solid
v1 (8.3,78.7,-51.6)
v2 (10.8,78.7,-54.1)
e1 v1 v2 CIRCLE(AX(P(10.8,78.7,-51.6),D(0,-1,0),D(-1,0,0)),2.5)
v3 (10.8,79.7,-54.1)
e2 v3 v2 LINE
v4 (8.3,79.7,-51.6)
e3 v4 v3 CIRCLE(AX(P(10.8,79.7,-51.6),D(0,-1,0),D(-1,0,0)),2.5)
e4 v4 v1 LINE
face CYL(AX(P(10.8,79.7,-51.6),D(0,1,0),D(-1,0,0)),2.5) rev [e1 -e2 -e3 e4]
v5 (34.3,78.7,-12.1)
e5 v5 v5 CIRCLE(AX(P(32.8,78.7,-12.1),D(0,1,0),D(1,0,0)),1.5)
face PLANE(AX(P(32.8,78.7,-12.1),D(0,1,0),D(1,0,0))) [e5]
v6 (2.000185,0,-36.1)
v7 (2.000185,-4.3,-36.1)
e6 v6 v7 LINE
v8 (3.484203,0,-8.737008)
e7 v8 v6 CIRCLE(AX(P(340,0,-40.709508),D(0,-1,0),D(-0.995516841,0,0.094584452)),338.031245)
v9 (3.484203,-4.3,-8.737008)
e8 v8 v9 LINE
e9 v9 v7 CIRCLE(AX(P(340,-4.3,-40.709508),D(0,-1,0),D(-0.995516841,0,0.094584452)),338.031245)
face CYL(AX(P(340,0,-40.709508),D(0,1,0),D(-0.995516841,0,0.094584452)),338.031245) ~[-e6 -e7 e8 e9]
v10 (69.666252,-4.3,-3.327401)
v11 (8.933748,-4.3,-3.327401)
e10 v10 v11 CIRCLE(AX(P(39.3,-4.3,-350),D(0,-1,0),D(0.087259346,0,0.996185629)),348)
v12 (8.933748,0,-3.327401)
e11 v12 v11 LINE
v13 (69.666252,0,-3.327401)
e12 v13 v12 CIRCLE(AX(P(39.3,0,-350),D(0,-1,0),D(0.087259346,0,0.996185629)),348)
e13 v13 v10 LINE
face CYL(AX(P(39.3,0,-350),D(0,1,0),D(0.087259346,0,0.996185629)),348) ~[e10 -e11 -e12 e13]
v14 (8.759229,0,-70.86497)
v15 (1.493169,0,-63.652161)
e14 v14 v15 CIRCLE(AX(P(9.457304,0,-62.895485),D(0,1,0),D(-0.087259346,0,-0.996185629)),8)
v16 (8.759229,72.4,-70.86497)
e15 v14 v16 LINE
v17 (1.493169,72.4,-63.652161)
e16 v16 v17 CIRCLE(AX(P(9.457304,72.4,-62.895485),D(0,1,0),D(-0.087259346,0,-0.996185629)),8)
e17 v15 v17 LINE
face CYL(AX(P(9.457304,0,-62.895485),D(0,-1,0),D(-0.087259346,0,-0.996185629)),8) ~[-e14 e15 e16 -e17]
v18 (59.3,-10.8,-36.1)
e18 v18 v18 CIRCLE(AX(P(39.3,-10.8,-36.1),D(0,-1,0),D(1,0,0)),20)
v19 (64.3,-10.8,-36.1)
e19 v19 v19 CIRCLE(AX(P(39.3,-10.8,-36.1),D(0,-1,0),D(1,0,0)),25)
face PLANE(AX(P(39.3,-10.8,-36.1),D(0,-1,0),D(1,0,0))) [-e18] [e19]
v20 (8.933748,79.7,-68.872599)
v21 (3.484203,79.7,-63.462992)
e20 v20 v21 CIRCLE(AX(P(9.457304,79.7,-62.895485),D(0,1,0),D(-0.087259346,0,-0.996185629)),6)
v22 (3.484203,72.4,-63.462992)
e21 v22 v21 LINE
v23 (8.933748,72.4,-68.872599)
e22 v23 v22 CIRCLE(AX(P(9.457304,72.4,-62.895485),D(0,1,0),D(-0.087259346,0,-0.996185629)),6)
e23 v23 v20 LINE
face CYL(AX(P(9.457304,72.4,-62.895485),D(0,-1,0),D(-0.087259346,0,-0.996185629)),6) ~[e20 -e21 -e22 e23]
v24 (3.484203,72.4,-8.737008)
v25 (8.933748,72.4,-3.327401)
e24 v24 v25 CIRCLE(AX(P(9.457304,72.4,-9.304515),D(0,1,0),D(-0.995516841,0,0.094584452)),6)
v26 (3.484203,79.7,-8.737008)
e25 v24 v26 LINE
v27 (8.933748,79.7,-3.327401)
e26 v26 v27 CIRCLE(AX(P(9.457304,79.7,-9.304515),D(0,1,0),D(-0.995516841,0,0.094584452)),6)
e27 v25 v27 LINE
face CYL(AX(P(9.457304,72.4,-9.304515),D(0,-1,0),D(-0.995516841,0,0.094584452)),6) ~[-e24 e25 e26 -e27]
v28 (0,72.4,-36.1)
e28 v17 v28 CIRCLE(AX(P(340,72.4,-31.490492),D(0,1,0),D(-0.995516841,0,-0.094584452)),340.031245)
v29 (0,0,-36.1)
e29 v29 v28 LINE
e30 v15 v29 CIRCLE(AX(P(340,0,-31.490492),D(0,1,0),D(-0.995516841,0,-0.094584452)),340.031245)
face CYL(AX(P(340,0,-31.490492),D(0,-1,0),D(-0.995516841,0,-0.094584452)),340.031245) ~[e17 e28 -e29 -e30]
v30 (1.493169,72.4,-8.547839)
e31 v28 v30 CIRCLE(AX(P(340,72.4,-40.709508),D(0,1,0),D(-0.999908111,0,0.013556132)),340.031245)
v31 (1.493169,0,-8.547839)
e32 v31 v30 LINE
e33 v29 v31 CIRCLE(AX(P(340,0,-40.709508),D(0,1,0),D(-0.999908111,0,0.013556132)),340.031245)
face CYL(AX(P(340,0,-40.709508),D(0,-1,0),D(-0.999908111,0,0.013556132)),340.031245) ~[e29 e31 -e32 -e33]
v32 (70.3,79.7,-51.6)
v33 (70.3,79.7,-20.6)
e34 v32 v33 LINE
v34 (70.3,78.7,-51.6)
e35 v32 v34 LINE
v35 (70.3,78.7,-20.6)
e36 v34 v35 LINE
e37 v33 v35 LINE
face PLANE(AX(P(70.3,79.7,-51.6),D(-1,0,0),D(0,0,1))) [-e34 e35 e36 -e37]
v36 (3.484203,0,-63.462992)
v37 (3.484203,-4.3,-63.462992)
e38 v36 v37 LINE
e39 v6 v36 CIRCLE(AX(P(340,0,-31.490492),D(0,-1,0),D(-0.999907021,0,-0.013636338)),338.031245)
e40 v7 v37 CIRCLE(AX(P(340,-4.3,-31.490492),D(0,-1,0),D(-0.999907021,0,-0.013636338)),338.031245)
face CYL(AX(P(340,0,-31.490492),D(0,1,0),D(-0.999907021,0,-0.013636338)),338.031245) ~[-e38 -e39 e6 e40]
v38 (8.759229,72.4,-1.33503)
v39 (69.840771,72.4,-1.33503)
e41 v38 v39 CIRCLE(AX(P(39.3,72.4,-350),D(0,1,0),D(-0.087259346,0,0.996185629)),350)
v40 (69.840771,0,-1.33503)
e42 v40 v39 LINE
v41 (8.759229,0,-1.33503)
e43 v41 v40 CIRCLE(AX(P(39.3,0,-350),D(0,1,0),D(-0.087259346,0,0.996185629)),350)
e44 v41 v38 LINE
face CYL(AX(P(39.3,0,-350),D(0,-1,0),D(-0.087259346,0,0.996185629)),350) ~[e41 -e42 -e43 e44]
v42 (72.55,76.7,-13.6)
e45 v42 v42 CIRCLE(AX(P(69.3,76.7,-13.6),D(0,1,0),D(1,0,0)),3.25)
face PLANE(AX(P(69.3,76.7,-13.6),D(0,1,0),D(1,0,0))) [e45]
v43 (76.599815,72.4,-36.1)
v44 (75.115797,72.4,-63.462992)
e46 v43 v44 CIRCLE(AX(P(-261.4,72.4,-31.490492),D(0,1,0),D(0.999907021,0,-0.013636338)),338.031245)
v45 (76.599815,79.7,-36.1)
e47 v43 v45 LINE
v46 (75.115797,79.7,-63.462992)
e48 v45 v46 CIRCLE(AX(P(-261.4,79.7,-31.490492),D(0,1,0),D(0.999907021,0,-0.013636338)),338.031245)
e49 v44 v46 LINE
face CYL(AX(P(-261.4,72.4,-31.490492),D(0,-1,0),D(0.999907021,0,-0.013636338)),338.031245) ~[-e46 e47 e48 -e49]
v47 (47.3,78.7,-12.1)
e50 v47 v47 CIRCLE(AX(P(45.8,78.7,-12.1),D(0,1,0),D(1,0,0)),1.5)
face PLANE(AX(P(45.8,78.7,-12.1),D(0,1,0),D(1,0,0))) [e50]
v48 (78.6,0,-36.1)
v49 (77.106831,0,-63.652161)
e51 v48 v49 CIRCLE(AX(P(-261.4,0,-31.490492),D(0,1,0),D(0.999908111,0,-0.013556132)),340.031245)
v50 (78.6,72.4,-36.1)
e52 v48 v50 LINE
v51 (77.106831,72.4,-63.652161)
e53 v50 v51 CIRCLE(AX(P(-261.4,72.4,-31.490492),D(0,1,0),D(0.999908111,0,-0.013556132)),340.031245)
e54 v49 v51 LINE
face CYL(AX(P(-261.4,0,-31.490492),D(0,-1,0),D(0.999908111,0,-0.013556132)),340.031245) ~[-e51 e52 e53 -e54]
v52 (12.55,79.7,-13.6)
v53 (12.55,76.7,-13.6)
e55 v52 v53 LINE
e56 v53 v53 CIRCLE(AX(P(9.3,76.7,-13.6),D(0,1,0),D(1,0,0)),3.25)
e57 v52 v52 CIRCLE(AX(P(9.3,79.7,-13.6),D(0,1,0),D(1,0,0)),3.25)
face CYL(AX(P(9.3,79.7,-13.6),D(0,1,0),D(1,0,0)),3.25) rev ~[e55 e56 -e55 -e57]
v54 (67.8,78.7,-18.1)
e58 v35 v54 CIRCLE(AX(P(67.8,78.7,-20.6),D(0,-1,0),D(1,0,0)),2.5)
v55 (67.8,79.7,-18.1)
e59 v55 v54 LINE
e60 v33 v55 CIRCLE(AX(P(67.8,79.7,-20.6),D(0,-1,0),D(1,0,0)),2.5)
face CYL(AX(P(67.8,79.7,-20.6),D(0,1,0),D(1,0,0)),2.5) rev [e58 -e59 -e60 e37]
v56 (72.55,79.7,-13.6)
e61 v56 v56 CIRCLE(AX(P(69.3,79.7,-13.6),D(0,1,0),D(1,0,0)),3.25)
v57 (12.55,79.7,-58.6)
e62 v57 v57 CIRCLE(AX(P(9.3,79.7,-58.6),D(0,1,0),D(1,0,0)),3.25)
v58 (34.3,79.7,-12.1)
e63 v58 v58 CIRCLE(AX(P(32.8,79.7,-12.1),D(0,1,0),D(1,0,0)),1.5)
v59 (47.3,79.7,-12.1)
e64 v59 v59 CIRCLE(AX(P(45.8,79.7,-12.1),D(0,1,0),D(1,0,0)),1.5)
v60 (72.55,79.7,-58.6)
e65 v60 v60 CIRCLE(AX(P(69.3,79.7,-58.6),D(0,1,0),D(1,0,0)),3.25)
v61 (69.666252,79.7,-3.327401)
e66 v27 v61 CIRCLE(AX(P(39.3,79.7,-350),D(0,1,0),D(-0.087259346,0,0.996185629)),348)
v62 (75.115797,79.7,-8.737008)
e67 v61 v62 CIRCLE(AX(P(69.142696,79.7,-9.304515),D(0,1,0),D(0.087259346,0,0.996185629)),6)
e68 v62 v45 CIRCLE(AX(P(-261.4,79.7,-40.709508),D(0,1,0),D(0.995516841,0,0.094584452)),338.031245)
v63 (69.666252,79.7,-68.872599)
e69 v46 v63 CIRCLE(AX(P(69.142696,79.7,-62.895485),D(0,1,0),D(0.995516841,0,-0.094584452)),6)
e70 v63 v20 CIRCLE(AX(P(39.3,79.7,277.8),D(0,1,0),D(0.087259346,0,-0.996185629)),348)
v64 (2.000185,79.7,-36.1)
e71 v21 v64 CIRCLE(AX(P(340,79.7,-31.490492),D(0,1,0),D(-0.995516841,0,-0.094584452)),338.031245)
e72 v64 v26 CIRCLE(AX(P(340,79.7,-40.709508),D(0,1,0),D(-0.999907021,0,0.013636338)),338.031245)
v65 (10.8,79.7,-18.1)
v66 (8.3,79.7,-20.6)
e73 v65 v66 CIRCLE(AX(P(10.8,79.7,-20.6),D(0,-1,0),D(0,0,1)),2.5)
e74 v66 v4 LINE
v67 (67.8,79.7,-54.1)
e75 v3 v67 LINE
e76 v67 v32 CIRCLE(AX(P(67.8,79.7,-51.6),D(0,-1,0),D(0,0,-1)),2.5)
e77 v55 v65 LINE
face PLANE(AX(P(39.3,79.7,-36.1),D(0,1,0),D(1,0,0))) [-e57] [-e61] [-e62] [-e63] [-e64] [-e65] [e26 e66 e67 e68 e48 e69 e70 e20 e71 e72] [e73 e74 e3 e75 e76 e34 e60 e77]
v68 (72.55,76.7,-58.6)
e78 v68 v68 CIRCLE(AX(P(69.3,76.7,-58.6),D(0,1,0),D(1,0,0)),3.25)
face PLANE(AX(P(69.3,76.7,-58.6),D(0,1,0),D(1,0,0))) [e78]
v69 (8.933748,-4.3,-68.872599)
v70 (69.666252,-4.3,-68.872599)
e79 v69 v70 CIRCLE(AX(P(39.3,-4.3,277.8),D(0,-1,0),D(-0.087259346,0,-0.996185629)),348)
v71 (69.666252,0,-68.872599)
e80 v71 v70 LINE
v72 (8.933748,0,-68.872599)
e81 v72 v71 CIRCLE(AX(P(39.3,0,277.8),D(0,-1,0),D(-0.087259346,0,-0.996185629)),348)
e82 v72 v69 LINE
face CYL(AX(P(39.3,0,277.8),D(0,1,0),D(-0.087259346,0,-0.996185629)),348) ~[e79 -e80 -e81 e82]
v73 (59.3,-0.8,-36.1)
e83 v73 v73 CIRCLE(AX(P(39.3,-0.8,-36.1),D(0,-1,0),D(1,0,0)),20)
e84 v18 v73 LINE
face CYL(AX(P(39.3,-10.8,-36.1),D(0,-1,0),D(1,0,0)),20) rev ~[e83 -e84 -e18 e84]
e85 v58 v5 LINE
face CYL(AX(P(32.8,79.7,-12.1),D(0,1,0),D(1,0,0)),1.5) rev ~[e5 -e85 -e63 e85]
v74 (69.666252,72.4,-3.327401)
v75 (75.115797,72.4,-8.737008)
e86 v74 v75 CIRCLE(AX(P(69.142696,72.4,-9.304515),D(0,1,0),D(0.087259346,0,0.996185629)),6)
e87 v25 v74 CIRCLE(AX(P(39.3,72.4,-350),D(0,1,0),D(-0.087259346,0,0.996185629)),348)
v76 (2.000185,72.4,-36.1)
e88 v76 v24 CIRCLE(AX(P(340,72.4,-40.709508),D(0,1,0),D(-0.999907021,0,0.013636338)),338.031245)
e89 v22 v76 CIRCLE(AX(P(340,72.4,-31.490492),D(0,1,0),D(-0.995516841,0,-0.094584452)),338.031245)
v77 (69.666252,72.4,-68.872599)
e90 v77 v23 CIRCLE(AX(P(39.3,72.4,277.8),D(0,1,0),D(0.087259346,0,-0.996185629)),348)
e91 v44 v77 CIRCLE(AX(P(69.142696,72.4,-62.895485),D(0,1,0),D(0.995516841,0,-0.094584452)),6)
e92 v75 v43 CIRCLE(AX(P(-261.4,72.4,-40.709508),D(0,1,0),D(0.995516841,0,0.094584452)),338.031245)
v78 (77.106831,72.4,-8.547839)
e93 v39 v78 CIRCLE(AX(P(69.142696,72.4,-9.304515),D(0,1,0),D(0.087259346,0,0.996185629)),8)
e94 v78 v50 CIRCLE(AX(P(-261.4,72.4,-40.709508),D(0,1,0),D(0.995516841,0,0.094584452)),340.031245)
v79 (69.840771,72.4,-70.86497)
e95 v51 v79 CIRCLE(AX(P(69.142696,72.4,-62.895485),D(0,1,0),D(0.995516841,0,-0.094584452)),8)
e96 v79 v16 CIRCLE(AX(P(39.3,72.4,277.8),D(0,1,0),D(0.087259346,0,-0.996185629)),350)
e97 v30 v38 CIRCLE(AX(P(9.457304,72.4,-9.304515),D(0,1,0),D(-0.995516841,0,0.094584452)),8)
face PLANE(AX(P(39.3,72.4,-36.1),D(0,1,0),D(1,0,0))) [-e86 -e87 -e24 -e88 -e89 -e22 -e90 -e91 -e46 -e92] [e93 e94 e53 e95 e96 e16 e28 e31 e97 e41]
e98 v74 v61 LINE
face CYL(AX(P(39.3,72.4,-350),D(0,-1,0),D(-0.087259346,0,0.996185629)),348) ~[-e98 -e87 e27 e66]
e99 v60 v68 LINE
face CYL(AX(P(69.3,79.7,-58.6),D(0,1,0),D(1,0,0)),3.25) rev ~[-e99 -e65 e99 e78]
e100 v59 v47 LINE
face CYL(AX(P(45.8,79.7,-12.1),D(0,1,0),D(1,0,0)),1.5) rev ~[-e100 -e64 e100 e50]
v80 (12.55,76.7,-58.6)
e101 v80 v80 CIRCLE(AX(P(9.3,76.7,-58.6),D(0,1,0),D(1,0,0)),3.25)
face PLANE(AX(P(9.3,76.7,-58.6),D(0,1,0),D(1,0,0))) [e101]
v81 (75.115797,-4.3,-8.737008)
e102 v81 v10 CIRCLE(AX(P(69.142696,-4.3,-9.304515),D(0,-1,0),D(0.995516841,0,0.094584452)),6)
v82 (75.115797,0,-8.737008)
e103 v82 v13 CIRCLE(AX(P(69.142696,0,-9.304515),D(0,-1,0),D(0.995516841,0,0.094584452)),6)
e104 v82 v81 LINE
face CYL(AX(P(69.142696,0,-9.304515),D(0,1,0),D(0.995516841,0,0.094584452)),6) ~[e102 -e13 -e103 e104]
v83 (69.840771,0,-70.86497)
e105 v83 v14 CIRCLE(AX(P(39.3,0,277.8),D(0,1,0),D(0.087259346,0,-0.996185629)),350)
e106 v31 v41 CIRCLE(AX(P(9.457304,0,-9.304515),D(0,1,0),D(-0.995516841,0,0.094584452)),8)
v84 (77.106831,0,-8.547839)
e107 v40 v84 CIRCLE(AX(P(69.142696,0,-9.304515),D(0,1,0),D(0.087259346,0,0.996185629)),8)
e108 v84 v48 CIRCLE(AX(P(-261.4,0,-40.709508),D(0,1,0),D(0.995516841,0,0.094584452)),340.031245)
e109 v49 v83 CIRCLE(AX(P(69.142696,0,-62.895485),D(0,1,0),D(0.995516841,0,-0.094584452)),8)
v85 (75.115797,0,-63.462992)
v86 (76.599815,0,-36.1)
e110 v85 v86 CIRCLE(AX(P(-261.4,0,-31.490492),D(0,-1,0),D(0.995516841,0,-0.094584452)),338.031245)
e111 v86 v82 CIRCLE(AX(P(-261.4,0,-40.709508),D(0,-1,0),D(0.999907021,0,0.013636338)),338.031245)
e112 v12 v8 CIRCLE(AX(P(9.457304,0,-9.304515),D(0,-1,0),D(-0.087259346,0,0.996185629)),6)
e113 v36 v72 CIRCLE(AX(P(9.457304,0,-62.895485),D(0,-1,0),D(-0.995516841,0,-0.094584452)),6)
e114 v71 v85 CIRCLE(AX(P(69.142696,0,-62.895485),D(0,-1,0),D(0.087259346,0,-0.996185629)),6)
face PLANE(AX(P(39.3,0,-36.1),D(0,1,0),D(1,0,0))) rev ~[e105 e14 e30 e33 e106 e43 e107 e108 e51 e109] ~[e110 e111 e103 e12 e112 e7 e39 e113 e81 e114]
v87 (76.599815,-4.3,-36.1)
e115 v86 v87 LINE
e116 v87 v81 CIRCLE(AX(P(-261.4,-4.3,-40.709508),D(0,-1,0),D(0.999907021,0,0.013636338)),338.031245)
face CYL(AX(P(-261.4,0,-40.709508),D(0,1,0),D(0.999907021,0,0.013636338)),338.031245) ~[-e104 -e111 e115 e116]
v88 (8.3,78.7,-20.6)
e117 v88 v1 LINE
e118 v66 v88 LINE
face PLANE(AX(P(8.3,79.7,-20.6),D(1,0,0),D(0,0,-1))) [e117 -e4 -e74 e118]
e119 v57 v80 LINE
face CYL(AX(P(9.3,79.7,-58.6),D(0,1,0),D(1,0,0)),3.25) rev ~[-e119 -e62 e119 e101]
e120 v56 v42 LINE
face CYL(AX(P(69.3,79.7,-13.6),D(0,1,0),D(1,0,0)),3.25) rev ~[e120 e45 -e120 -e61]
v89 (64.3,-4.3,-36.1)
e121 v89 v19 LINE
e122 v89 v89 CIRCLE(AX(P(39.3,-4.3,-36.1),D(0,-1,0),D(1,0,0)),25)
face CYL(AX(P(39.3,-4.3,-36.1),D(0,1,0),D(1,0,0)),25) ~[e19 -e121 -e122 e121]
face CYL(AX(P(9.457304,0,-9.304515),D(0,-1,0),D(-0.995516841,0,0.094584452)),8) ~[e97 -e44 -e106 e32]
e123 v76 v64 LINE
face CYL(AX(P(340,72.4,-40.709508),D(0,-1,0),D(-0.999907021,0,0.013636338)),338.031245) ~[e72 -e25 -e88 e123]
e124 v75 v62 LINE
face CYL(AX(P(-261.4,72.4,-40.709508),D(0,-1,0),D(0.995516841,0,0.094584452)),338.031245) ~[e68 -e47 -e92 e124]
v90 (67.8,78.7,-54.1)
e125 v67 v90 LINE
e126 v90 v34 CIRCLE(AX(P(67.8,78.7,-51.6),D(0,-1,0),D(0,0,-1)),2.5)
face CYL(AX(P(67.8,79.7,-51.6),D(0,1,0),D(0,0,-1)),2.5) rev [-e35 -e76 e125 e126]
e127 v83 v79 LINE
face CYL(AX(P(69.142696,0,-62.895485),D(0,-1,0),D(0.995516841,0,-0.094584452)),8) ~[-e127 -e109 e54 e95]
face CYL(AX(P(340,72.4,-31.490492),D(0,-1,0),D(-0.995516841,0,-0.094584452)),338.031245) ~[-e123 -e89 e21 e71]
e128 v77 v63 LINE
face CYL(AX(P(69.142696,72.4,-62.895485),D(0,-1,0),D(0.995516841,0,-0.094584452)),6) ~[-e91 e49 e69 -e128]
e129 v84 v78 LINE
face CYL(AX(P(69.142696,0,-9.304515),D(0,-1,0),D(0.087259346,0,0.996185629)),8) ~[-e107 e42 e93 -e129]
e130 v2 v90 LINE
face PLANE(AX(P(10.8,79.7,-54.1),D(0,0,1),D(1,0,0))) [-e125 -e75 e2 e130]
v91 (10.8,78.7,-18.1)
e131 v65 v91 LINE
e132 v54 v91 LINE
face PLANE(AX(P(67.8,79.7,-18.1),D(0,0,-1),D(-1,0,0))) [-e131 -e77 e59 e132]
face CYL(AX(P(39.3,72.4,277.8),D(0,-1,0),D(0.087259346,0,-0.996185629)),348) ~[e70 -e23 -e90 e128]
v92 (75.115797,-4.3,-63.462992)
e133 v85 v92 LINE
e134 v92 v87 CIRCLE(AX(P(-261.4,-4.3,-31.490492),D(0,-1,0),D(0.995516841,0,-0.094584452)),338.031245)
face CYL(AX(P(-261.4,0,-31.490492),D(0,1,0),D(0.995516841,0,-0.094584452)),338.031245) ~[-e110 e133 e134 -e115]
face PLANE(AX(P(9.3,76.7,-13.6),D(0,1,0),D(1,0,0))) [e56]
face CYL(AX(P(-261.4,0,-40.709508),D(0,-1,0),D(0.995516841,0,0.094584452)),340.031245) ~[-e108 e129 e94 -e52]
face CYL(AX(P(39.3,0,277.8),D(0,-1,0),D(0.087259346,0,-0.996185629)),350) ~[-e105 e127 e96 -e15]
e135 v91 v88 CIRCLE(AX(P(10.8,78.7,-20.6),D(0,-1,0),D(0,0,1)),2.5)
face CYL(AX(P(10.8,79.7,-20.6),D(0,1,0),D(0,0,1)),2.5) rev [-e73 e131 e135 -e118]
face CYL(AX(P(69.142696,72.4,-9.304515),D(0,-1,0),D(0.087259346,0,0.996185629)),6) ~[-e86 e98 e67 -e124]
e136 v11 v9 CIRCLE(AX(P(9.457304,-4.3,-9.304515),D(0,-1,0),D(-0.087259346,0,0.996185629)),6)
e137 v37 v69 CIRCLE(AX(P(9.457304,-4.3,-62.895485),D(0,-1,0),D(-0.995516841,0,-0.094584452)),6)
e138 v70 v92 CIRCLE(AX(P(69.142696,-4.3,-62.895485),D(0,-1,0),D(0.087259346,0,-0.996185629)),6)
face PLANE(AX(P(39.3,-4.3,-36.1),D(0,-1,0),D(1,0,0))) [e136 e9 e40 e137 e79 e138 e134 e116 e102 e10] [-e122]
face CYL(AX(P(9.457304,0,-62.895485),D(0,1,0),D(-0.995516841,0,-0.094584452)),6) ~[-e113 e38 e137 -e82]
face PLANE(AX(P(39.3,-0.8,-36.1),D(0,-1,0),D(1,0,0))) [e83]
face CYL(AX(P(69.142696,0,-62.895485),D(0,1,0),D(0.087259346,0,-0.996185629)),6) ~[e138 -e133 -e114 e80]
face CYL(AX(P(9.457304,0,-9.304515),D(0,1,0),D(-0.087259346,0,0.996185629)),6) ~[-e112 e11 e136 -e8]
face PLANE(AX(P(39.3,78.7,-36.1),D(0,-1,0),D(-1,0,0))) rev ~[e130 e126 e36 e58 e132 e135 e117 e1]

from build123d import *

# Parameters (mm, degrees)
BOSS_EXTRUDE1_DEPTH = 72.4
BOSS_EXTRUDE2_DEPTH = 7.3
BOSS_EXTRUDE3_DEPTH = 4.3
SKETCH4_R           = 25
BOSS_EXTRUDE4_DEPTH = 6.5
SKETCH5_R           = 3.25
CUT_EXTRUDE1_DEPTH  = 3
CUT_EXTRUDE2_DEPTH  = 1
SKETCH7_R           = 1.5
CUT_EXTRUDE3_DEPTH  = 1
SKETCH8_R           = 20
CUT_EXTRUDE4_DEPTH  = 10


with BuildPart() as part:
    # Sketch1 → Boss-Extrude1 (new body)
    with BuildSketch(Plane(origin=(0, 0, 0), x_dir=(1, 0, 0), z_dir=(0, 1, 0))):
        with BuildLine():
            ThreePointArc((69.840771002, 70.864970002), (39.3, 72.2), (8.759228998, 70.864970002))
            ThreePointArc((8.759228998, 70.864970002), (3.821292476, 68.573105669), (1.493169033, 63.652160592))
            ThreePointArc((1.493169033, 63.652160592), (0.466996736, 49.89123235), (0, 36.1))
            ThreePointArc((0, 36.1), (0.466996736, 22.30876765), (1.493169033, 8.547839408))
            ThreePointArc((1.493169033, 8.547839408), (3.821292476, 3.626894331), (8.759228998, 1.335029998))
            ThreePointArc((8.759228998, 1.335029998), (39.3, 0), (69.840771002, 1.335029998))
            ThreePointArc((69.840771002, 1.335029998), (74.778707524, 3.626894331), (77.106830967, 8.547839408))
            ThreePointArc((77.106830967, 8.547839408), (78.133003264, 22.30876765), (78.6, 36.1))
            ThreePointArc((78.6, 36.1), (78.133003264, 49.89123235), (77.106830967, 63.652160592))
            ThreePointArc((77.106830967, 63.652160592), (74.778707524, 68.573105669), (69.840771002, 70.864970002))
        make_face()
    extrude(amount=BOSS_EXTRUDE1_DEPTH)

    # Sketch2 → Boss-Extrude2 (add)
    with BuildSketch(Plane(origin=(0, 72.4, 0), x_dir=(1, 0, 0), z_dir=(0, 1, 0))):
        with BuildLine():
            ThreePointArc((69.66625231, 68.872598745), (39.3, 70.2), (8.93374769, 68.872598745))
            ThreePointArc((8.93374769, 68.872598745), (5.230295298, 67.153700495), (3.484202716, 63.462991687))
            ThreePointArc((3.484202716, 63.462991687), (2.464800099, 49.796540149), (2.000184882, 36.1))
            ThreePointArc((2.000184882, 36.1), (2.464800099, 22.403459851), (3.484202716, 8.737008313))
            ThreePointArc((3.484202716, 8.737008313), (5.230295298, 5.046299505), (8.93374769, 3.327401255))
            ThreePointArc((8.93374769, 3.327401255), (39.3, 2), (69.66625231, 3.327401255))
            ThreePointArc((69.66625231, 3.327401255), (73.369704702, 5.046299505), (75.115797284, 8.737008313))
            ThreePointArc((75.115797284, 8.737008313), (76.135199901, 22.403459851), (76.599815118, 36.1))
            ThreePointArc((76.599815118, 36.1), (76.135199901, 49.796540149), (75.115797284, 63.462991687))
            ThreePointArc((75.115797284, 63.462991687), (73.369704702, 67.153700495), (69.66625231, 68.872598745))
        make_face()
    extrude(amount=BOSS_EXTRUDE2_DEPTH)

    # Sketch3 → Boss-Extrude3 (add)
    with BuildSketch(Plane.XZ):
        with BuildLine():
            ThreePointArc((69.66625231, -3.327401255), (39.3, -2), (8.93374769, -3.327401255))
            ThreePointArc((8.93374769, -3.327401255), (5.230295298, -5.046299505), (3.484202716, -8.737008313))
            ThreePointArc((3.484202716, -8.737008313), (2.464800099, -22.403459851), (2.000184882, -36.1))
            ThreePointArc((2.000184882, -36.1), (2.464800099, -49.796540149), (3.484202716, -63.462991687))
            ThreePointArc((3.484202716, -63.462991687), (5.230295298, -67.153700495), (8.93374769, -68.872598745))
            ThreePointArc((8.93374769, -68.872598745), (39.3, -70.2), (69.66625231, -68.872598745))
            ThreePointArc((69.66625231, -68.872598745), (73.369704702, -67.153700495), (75.115797284, -63.462991687))
            ThreePointArc((75.115797284, -63.462991687), (76.135199901, -49.796540149), (76.599815118, -36.1))
            ThreePointArc((76.599815118, -36.1), (76.135199901, -22.403459851), (75.115797284, -8.737008313))
            ThreePointArc((75.115797284, -8.737008313), (73.369704702, -5.046299505), (69.66625231, -3.327401255))
        make_face()
    extrude(amount=BOSS_EXTRUDE3_DEPTH)

    # Sketch4 → Boss-Extrude4 (add)
    with BuildSketch(Plane.XZ.offset(4.3)):
        with Locations((39.3, -36.1)):
            Circle(SKETCH4_R)
    extrude(amount=BOSS_EXTRUDE4_DEPTH)

    # Sketch5 → Cut-Extrude1 (cut)
    with BuildSketch(Plane(origin=(0, 79.7, 0), x_dir=(1, 0, 0), z_dir=(0, 1, 0))):
        with Locations((69.3, 58.6)):
            Circle(SKETCH5_R)
        with Locations((69.3, 13.6)):
            Circle(SKETCH5_R)
        with Locations((9.3, 13.6)):
            Circle(SKETCH5_R)
        with Locations((9.3, 58.6)):
            Circle(SKETCH5_R)
    extrude(amount=-CUT_EXTRUDE1_DEPTH, mode=Mode.SUBTRACT)

    # Sketch6 → Cut-Extrude2 (cut)
    with BuildSketch(Plane(origin=(0, 79.7, 0), x_dir=(1, 0, 0), z_dir=(0, 1, 0))):
        with BuildLine():
            Line((10.8, 54.1), (67.8, 54.1))
            ThreePointArc((67.8, 54.1), (69.567766953, 53.367766953), (70.3, 51.6))
            Line((70.3, 51.6), (70.3, 20.6))
            ThreePointArc((70.3, 20.6), (69.567766953, 18.832233047), (67.8, 18.1))
            Line((67.8, 18.1), (10.8, 18.1))
            ThreePointArc((10.8, 18.1), (9.032233047, 18.832233047), (8.3, 20.6))
            Line((8.3, 20.6), (8.3, 51.6))
            ThreePointArc((8.3, 51.6), (9.032233047, 53.367766953), (10.8, 54.1))
        make_face()
    extrude(amount=-CUT_EXTRUDE2_DEPTH, mode=Mode.SUBTRACT)

    # Sketch7 → Cut-Extrude3 (cut)
    with BuildSketch(Plane(origin=(0, 79.7, 0), x_dir=(1, 0, 0), z_dir=(0, 1, 0))):
        with Locations((32.8, 12.1)):
            Circle(SKETCH7_R)
        with Locations((45.8, 12.1)):
            Circle(SKETCH7_R)
    extrude(amount=-CUT_EXTRUDE3_DEPTH, mode=Mode.SUBTRACT)

    # Sketch8 → Cut-Extrude4 (cut)
    with BuildSketch(Plane.XZ.offset(10.8)):
        with Locations((39.3, -36.1)):
            Circle(SKETCH8_R)
    extrude(amount=-CUT_EXTRUDE4_DEPTH, mode=Mode.SUBTRACT)


solid = part.part
